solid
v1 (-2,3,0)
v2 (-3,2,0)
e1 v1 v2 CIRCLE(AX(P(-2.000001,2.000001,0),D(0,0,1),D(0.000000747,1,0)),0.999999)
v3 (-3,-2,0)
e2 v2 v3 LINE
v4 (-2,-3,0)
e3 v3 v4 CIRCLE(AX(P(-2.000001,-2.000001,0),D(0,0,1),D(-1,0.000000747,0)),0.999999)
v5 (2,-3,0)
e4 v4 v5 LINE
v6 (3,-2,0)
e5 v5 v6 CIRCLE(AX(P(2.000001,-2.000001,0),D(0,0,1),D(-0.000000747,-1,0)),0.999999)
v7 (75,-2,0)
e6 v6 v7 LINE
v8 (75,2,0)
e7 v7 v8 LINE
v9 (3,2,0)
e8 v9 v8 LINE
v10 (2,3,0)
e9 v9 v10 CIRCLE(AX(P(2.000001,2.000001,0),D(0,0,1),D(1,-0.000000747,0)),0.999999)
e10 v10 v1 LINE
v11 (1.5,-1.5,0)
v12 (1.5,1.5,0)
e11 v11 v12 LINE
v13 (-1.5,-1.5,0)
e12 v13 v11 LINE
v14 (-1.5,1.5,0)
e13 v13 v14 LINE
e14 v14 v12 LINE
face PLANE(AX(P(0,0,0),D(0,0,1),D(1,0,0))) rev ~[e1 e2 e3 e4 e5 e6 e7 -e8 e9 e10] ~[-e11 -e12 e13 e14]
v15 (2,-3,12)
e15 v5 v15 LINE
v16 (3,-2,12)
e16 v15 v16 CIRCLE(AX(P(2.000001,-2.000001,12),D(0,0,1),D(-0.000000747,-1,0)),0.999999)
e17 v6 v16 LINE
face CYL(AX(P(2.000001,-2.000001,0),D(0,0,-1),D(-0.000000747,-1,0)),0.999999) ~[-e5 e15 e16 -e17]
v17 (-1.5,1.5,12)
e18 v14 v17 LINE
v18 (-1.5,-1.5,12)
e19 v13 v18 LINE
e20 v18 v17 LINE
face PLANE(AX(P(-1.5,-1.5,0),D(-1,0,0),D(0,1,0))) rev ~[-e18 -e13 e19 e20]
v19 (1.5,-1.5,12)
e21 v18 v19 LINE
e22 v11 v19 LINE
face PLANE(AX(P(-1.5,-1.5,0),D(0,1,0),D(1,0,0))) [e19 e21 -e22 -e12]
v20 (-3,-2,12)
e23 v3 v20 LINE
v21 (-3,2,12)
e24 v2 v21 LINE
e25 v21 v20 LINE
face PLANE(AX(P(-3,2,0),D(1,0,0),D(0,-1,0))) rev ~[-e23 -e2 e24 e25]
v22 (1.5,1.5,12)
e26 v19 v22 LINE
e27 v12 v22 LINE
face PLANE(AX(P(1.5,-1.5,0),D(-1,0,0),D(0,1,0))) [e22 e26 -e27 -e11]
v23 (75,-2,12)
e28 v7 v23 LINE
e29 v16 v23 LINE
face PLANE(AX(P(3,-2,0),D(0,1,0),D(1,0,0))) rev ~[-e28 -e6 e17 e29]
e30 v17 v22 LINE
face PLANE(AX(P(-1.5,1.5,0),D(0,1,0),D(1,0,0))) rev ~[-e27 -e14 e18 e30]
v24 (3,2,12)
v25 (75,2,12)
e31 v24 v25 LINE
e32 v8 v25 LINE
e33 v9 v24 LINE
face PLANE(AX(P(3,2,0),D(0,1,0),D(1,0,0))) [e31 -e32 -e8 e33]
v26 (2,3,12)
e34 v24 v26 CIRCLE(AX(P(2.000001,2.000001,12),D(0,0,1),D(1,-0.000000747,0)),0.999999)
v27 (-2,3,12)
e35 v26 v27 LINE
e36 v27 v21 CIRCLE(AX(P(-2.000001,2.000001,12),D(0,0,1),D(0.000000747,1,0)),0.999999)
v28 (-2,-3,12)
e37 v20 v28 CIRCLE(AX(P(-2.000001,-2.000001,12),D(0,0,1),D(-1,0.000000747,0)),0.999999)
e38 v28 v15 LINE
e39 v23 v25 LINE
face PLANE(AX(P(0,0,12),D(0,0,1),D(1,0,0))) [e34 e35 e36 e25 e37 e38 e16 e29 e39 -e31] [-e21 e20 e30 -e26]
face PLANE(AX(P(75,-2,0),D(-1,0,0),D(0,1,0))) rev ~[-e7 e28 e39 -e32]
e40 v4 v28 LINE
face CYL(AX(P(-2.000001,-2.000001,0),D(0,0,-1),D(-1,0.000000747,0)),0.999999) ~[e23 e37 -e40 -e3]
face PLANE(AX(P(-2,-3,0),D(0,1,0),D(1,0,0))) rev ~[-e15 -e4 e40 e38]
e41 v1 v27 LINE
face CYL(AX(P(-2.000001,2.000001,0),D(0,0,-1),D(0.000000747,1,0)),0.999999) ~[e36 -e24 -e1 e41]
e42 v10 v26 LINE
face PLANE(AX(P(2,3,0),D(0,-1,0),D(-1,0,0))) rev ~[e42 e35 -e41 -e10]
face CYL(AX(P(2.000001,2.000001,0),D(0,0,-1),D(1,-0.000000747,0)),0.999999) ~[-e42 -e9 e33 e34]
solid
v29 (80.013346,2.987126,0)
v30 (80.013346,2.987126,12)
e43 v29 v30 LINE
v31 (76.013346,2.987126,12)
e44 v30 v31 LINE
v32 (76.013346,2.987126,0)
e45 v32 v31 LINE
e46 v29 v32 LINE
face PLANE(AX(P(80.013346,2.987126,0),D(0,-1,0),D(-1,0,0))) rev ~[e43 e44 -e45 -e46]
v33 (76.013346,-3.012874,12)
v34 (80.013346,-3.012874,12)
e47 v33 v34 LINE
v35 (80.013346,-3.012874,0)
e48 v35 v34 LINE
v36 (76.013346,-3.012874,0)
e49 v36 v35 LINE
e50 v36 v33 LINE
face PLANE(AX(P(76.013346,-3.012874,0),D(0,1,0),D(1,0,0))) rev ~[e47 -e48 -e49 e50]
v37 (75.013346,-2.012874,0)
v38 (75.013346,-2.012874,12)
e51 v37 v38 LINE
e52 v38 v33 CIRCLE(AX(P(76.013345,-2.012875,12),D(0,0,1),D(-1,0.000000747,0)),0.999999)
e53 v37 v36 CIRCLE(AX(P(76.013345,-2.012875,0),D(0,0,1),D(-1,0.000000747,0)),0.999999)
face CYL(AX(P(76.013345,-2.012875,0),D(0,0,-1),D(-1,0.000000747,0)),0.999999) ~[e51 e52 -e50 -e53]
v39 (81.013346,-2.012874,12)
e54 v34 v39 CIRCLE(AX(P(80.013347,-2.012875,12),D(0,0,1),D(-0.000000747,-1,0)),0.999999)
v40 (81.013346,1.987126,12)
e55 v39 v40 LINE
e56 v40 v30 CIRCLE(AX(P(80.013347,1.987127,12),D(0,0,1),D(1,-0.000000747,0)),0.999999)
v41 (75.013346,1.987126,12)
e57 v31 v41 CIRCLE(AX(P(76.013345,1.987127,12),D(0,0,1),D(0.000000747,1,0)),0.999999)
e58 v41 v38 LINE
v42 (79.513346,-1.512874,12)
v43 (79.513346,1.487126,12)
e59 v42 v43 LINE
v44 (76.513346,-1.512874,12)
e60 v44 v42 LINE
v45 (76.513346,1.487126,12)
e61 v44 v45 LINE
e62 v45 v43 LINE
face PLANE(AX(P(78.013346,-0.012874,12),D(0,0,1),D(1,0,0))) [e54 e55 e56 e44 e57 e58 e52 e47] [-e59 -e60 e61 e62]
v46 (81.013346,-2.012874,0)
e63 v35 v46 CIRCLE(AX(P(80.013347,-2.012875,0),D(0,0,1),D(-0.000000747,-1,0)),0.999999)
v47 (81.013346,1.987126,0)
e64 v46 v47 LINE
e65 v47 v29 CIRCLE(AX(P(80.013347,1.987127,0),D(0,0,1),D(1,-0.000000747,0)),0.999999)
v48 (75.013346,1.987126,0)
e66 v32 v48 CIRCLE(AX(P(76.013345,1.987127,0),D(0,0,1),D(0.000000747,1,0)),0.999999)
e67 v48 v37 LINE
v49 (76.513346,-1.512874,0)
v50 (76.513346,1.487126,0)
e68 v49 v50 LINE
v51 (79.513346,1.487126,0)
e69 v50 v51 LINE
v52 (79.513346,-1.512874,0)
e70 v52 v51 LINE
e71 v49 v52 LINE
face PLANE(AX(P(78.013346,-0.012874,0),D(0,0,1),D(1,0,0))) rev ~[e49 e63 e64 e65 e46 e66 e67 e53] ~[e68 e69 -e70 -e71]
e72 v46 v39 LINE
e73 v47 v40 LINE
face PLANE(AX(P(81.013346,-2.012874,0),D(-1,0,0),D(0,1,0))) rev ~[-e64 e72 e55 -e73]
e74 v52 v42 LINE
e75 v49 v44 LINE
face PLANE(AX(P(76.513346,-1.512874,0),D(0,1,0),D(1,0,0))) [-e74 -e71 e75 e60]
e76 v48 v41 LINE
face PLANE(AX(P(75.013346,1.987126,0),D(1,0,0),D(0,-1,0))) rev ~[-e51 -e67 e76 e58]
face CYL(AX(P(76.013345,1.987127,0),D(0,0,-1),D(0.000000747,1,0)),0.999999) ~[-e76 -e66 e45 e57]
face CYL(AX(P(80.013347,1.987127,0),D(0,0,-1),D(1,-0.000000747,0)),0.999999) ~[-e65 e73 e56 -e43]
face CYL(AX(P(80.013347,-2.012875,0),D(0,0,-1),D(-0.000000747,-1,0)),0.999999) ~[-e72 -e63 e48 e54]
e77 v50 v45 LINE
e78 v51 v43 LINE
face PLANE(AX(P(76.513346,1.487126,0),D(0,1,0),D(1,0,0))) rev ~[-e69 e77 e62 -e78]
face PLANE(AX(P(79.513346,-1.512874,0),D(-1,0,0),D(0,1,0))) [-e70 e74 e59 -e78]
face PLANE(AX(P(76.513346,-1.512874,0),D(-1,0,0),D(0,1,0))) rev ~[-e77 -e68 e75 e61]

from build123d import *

# Parameters (mm, degrees)
F0_W     = 3
F0_H     = 3
F0_W_2   = 72
F0_H_2   = 4
F1_DEPTH = 12


with BuildPart() as f1:
    # F0 (on Top) → F1 (new body)
    with BuildSketch(Plane.XY):
        with BuildLine():
            Line((2, 3), (-2, 3))
            ThreePointArc((-2, 3), (-2.707107, 2.707107), (-3, 2))
            Line((-3, 2), (-3, -2))
            ThreePointArc((-3, -2), (-2.707107, -2.707107), (-2, -3))
            Line((-2, -3), (2, -3))
            ThreePointArc((2, -3), (2.707107, -2.707107), (3, -2))
            Line((3, -2), (3, 2))
            ThreePointArc((3, 2), (2.707107, 2.707107), (2, 3))
        make_face()
        Rectangle(F0_W, F0_H, mode=Mode.SUBTRACT)
        with Locations((39, 0)):
            Rectangle(F0_W_2, F0_H_2)
        with BuildLine():
            Line((80.013346, 2.987126), (76.013346, 2.987126))
            ThreePointArc((76.013346, 2.987126), (75.306239, 2.694233), (75.013346, 1.987126))
            Line((75.013346, 1.987126), (75.013346, -2.012874))
            ThreePointArc((75.013346, -2.012874), (75.306239, -2.719981), (76.013346, -3.012874))
            Line((76.013346, -3.012874), (80.013346, -3.012874))
            ThreePointArc((80.013346, -3.012874), (80.720453, -2.719981), (81.013346, -2.012874))
            Line((81.013346, -2.012874), (81.013346, 1.987126))
            ThreePointArc((81.013346, 1.987126), (80.720453, 2.694233), (80.013346, 2.987126))
        make_face()
        with Locations((78.013346, -0.012874)):
            Rectangle(F0_W, F0_H, mode=Mode.SUBTRACT)
    extrude(amount=F1_DEPTH)


solid = f1.part
